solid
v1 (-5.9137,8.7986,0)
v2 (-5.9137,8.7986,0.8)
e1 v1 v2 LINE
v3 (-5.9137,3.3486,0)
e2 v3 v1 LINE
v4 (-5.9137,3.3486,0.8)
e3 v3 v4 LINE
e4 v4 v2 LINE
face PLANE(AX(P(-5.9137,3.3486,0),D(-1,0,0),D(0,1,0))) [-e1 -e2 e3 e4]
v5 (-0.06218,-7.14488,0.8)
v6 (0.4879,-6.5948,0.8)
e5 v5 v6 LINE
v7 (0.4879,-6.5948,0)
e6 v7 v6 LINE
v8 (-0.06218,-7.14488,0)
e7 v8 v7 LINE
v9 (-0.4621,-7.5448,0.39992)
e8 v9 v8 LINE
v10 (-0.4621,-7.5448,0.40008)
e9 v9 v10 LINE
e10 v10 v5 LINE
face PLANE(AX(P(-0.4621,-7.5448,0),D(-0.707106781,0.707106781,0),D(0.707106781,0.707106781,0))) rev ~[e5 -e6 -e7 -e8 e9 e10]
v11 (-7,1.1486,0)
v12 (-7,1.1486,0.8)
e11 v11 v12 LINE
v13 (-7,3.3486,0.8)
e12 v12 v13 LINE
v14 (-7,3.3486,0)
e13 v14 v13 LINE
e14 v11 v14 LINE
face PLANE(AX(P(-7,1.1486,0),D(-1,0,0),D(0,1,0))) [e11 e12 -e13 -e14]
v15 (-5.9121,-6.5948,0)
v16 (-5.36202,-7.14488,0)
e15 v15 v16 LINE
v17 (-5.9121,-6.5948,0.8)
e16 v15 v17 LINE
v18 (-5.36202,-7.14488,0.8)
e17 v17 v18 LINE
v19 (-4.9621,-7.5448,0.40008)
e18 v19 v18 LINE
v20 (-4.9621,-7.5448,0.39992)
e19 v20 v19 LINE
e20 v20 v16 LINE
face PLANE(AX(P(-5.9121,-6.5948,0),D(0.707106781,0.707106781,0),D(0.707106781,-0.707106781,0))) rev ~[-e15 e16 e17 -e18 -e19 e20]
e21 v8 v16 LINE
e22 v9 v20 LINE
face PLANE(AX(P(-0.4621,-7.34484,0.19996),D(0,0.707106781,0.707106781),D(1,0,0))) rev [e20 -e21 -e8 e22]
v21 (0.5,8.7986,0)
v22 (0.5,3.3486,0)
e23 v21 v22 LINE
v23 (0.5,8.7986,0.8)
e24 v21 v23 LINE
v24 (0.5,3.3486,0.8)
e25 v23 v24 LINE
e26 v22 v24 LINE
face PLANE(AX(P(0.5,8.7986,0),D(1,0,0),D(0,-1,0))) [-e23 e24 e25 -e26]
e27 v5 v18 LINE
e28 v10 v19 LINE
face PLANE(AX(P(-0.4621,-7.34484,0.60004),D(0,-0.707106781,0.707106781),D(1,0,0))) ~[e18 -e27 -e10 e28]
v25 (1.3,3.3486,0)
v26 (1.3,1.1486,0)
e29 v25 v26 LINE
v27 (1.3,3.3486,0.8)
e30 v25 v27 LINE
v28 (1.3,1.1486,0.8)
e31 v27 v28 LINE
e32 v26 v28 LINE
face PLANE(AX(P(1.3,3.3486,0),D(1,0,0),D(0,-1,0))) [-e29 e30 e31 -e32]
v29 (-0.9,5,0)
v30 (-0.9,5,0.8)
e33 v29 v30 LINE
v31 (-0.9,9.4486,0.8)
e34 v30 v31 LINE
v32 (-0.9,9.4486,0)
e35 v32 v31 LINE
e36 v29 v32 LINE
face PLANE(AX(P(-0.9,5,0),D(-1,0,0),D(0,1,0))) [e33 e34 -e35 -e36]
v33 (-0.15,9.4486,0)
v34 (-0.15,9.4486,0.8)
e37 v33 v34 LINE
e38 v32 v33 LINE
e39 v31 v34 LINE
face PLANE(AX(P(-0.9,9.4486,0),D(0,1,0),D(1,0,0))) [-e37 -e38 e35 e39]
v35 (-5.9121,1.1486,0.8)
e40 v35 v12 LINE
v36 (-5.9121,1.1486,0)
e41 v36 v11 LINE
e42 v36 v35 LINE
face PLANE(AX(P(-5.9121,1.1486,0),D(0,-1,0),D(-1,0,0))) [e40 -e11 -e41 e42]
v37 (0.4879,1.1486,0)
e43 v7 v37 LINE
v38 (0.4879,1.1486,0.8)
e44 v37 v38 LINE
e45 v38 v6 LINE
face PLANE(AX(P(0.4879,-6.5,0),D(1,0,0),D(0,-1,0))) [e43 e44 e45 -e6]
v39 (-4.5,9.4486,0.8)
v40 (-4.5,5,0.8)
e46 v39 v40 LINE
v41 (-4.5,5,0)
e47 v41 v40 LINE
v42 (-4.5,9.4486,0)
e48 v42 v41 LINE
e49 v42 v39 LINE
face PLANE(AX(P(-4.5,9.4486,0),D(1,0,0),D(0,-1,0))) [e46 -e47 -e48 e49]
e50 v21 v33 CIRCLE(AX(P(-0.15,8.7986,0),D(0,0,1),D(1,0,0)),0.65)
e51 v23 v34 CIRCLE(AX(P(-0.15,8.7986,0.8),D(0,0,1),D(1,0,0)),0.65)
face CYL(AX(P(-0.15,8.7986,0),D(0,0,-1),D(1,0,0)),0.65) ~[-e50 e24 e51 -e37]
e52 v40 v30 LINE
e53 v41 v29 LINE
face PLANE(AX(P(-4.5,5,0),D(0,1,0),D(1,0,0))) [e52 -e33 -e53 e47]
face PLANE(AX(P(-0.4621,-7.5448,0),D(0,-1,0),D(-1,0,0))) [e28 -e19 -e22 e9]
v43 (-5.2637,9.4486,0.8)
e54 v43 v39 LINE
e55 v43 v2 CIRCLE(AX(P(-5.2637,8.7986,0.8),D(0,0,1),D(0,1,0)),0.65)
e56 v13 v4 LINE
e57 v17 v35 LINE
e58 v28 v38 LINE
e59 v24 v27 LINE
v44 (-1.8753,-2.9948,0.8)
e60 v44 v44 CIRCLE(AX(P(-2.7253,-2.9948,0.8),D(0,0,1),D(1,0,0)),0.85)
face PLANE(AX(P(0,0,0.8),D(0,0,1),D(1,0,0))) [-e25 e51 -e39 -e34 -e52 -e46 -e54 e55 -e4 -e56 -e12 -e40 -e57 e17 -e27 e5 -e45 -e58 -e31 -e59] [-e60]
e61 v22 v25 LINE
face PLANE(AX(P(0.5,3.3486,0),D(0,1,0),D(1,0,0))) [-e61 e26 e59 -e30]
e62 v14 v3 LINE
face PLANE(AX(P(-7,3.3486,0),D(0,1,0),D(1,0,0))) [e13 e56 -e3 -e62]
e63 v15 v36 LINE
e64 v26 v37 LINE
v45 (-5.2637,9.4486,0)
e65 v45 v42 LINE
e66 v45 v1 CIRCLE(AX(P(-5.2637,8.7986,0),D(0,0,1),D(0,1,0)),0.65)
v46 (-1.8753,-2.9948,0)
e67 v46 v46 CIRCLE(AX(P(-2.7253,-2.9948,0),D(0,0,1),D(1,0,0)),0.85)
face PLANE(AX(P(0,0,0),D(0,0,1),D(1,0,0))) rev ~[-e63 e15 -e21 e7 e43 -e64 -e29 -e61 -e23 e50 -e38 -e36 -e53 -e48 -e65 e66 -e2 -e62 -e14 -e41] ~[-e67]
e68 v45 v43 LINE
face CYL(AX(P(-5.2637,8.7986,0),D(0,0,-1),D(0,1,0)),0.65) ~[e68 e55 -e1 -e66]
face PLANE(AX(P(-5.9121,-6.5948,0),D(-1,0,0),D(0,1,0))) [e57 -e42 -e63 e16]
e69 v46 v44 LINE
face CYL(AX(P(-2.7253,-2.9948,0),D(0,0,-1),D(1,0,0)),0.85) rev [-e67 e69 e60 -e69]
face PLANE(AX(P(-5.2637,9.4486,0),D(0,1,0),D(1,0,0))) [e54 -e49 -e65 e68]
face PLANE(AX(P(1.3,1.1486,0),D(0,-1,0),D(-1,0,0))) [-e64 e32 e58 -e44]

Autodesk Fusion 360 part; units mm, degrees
sketch "Sketch1" plane through (0, 0, 0) normal (0, 0, 1) x (1, 0, 0)
  line L0 (-5.9121, -6.5948) -> (-5.9121, 1.1486)
  line L1 (-5.9121, 1.1486) -> (-7, 1.1486)
  line L2 (-7, 1.1486) -> (-7, 3.3486)
  line L3 (-7, 3.3486) -> (-5.9137, 3.3486)
  line L4 (-5.9137, 3.3486) -> (-5.9137, 8.7986)
  line L5 (-5.2637, 9.4486) -> (-4.5, 9.4486)
  line L6 (-4.5, 9.4486) -> (-4.5, 5)
  line L7 (-4.5, 5) -> (-0.9, 5)
  line L8 (-0.9, 5) -> (-0.9, 9.4486)
  line L9 (-0.9, 9.4486) -> (-0.15, 9.4486)
  line L10 (0.5, 8.7986) -> (0.5, 3.3486)
  line L11 (0.5, 3.3486) -> (1.3, 3.3486)
  line L12 (1.3, 3.3486) -> (1.3, 1.1486)
  line L13 (1.3, 1.1486) -> (0.4879, 1.1486)
  line L14 (0.4879, 1.1486) -> (0.4879, -6.5)
  line L15 (0.4879, -6.5) -> (0.4879, -6.5948)
  line L16 (-0.4621, -7.5448) -> (-4.9621, -7.5448)
  line L17 (-5.9121, -6.5948) -> (-4.9621, -7.5448)
  line L18 (-0.4621, -7.5448) -> (0.4879, -6.5948)
  circle A0 centre (-2.7253, -2.9948) radius 0.85
  arc A1 (-5.2637, 9.4486) -> (-5.9137, 8.7986) centre (-5.2637, 8.7986) ccw
  arc A2 (0.5, 8.7986) -> (-0.15, 9.4486) centre (-0.15, 8.7986) ccw
  line L19 (-5.9121, -6.5948) -> (0.4879, -6.5948)
  dimension "d1" = 3.6
  dimension "d2" = 8.3
  dimension "d3" = 6.1
  dimension "d5" = 6.4
  dimension "d6" = 2.2
  dimension "d7" = 4.5
  dimension "d8" = 1.7
  dimension "d9" = 4.55
  dimension "d10" = 0.65
  dimension "d11" = 0.65
extrude "Extrude1" add sketch "Sketch1" along normal blind 0.8
chamfer "Chamfer1" distance 0.4 angle 45 2 edges at (-2.7121, -7.5448, 0.8) (-2.7121, -7.5448, 0)
